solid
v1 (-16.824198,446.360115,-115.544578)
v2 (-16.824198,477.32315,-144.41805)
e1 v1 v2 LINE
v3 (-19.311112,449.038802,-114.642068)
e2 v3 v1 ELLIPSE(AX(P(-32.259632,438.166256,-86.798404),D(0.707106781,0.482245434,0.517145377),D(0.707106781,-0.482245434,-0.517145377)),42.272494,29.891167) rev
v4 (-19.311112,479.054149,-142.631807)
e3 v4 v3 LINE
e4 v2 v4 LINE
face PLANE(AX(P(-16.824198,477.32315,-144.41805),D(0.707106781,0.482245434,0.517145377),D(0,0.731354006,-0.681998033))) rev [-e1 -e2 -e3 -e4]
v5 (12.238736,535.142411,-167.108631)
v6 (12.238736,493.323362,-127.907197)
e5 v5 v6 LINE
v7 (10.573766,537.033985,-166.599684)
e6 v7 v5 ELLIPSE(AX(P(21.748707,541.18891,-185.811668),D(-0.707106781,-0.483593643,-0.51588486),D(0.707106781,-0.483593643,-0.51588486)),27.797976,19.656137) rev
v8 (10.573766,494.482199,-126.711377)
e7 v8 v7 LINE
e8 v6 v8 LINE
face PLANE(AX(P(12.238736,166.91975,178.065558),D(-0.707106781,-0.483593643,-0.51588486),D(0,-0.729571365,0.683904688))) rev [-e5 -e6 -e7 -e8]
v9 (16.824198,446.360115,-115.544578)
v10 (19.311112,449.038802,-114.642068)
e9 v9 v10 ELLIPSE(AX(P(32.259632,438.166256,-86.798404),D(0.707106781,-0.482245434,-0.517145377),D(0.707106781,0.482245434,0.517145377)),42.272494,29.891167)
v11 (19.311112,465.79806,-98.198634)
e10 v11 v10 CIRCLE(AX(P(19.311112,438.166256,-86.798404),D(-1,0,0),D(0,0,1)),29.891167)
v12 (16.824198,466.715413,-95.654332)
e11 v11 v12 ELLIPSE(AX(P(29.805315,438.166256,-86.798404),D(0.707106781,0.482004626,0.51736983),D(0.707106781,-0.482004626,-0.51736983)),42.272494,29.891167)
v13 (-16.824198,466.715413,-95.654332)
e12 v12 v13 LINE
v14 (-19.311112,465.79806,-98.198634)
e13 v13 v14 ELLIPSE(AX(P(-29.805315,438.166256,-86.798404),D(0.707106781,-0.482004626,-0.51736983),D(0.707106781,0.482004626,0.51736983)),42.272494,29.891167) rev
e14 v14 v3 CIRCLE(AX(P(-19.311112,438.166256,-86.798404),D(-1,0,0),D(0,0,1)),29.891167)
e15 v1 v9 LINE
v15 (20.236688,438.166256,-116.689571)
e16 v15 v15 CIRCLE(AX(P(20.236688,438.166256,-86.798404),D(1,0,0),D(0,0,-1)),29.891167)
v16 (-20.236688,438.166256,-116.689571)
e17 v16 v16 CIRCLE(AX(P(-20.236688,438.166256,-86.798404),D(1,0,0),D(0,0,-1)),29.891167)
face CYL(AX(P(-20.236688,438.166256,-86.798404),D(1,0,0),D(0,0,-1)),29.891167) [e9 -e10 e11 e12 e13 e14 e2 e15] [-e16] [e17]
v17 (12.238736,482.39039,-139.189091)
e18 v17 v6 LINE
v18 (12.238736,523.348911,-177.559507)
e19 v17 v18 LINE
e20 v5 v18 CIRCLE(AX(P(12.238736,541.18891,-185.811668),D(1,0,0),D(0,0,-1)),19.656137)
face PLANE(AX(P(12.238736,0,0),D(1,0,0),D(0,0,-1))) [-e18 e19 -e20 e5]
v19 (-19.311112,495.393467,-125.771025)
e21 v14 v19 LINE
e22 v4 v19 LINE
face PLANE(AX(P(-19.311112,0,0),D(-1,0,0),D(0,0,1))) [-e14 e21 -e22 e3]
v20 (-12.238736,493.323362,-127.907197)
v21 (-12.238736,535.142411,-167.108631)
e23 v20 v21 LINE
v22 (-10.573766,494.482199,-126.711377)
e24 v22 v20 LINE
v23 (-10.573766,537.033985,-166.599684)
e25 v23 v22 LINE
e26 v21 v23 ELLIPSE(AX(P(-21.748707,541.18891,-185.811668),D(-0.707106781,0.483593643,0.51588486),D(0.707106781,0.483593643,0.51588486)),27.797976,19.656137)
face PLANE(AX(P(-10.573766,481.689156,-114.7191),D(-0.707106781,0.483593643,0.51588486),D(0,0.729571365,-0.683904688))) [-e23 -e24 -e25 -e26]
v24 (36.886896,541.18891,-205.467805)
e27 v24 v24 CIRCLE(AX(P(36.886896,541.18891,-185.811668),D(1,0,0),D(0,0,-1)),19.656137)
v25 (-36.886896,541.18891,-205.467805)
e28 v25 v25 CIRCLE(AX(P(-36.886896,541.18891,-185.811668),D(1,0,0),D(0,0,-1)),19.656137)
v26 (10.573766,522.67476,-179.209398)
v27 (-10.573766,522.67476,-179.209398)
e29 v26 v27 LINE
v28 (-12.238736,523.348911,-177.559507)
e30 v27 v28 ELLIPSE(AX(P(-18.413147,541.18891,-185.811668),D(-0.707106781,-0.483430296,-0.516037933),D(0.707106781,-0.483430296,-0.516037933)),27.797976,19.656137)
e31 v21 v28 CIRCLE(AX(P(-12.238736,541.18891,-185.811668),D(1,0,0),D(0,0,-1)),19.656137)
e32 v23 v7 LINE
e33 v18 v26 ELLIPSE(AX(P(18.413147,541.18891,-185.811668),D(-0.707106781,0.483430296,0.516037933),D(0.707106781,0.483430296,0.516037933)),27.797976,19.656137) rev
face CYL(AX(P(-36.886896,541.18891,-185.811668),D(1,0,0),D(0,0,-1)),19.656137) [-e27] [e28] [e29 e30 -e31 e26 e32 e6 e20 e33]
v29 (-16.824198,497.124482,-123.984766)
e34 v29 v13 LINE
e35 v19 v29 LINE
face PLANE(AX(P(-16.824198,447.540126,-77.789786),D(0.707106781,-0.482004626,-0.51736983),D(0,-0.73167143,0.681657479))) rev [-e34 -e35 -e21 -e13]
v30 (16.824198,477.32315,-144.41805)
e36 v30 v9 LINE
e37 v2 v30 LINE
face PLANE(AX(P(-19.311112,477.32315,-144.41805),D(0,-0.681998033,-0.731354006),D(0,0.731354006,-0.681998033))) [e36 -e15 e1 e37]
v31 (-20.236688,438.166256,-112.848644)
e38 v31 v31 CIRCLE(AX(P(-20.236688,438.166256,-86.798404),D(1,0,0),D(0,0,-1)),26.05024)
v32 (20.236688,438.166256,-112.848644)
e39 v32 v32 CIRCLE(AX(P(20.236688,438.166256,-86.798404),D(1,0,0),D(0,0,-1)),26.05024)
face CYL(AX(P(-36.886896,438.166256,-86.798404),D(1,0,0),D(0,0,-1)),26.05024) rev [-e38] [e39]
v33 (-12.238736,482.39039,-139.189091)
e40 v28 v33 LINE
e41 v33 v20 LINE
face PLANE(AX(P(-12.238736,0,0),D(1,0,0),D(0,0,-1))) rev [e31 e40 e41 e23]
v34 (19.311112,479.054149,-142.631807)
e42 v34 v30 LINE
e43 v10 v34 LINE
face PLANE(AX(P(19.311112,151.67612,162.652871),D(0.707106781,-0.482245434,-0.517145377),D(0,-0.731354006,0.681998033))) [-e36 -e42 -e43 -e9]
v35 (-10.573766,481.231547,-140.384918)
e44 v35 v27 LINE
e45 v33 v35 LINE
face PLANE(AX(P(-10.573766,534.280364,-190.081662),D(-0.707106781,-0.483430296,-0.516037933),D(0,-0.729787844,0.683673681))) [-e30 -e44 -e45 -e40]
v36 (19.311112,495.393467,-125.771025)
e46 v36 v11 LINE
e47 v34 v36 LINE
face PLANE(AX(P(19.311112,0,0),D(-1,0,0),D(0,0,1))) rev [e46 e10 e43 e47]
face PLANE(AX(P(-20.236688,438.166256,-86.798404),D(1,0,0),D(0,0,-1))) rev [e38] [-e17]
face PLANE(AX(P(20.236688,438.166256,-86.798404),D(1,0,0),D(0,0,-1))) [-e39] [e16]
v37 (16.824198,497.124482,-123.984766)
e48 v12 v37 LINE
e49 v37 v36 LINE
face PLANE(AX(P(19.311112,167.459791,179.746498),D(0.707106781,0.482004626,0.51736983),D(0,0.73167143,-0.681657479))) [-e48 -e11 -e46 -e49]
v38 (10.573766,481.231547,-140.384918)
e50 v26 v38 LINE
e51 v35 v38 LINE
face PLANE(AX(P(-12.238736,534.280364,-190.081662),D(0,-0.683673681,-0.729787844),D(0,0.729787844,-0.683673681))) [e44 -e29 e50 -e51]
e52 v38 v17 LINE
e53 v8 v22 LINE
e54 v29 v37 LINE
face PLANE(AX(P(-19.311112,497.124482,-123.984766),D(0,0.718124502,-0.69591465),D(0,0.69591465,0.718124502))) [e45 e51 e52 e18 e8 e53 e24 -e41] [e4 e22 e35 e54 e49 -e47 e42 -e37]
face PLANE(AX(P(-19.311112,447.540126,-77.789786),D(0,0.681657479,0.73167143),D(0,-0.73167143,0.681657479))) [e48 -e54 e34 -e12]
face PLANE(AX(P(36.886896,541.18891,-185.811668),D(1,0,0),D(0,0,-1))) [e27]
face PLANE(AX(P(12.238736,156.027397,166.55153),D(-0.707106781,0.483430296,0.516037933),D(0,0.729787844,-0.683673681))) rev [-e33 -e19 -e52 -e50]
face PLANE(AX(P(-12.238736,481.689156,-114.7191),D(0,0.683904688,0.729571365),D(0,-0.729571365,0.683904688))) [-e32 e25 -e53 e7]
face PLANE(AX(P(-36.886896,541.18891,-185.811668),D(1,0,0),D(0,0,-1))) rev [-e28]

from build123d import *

# Parameters (mm, degrees)
BOSS_EXTRUDE1_DEPTH      = 12.238736
BOSS_EXTRUDE1_DEPTH_BACK = 12.238736
BOSS_EXTRUDE2_DEPTH      = 19.311112
BOSS_EXTRUDE2_DEPTH_BACK = 19.311112
BOSS_EXTRUDE3_DEPTH      = 20.236688
BOSS_EXTRUDE3_DEPTH_BACK = 20.236688
SKETCH3_R                = 29.891166833
BOSS_EXTRUDE4_DEPTH      = 36.886896
BOSS_EXTRUDE4_DEPTH_BACK = 36.886896
SKETCH4_R                = 19.656137362
SKETCH5_R                = 26.05024
CUT_EXTRUDE1_DEPTH       = 601.022741268
CHAMFER1_SIZE            = 1.66497
CHAMFER2_SIZE            = 2.486914


with BuildPart() as part:
    # Sketch1 → Boss-Extrude1 (new, two sides: drawn at the far end of the back side and taken through both)
    with BuildSketch(Plane(origin=(0, 0, 0), x_dir=(0, 0, -1), z_dir=(1, 0, 0)).offset(-BOSS_EXTRUDE1_DEPTH_BACK)):
        Polygon((177.038508, 548.169846), (190.081662, 534.280364), (128.192022, 468.216234), (114.7191, 481.689156), align=None)
    extrude(amount=BOSS_EXTRUDE1_DEPTH + BOSS_EXTRUDE1_DEPTH_BACK)

    # Sketch2 → Boss-Extrude2 (add, two sides: drawn at the far end of the back side and taken through both)
    with BuildSketch(Plane(origin=(0, 0, 0), x_dir=(0, 0, -1), z_dir=(1, 0, 0)).offset(-BOSS_EXTRUDE2_DEPTH_BACK)):
        Polygon((123.984766, 497.124482), (144.41805, 477.32315), (97.590864, 427.107096), (77.789786, 447.540126), align=None)
    extrude(amount=BOSS_EXTRUDE2_DEPTH + BOSS_EXTRUDE2_DEPTH_BACK)

    # Sketch3 → Boss-Extrude3 (add, two sides: drawn at the far end of the back side and taken through both)
    with BuildSketch(Plane(origin=(0, 0, 0), x_dir=(0, 0, -1), z_dir=(1, 0, 0)).offset(-BOSS_EXTRUDE3_DEPTH_BACK)):
        with Locations((86.798404, 438.166256)):
            Circle(SKETCH3_R)
    extrude(amount=BOSS_EXTRUDE3_DEPTH + BOSS_EXTRUDE3_DEPTH_BACK)

    # Sketch4 → Boss-Extrude4 (add, two sides: drawn at the far end of the back side and taken through both)
    with BuildSketch(Plane(origin=(0, 0, 0), x_dir=(0, 0, -1), z_dir=(1, 0, 0)).offset(-BOSS_EXTRUDE4_DEPTH_BACK)):
        with Locations((185.811668, 541.18891)):
            Circle(SKETCH4_R)
    extrude(amount=BOSS_EXTRUDE4_DEPTH + BOSS_EXTRUDE4_DEPTH_BACK)

    # Sketch5 → Cut-Extrude1 (cut, through all)
    with BuildSketch(Plane(origin=(20.236688, 0, 0), x_dir=(0, 0, -1), z_dir=(1, 0, 0))):
        with Locations((86.798404, 438.166256)):
            Circle(SKETCH5_R)
    extrude(amount=-CUT_EXTRUDE1_DEPTH, mode=Mode.SUBTRACT)

    # Chamfer1
    chamfer1_edges = [part.edges().sort_by_distance(p)[0] for p in [
        (12.238736, 501.953153429, -159.79715777),
        (-12.238736, 501.953153429, -159.79715777),
        (12.238736, 515.758092022, -146.655530324),
        (-12.238736, 515.758092022, -146.655530324),
    ]]
    chamfer(chamfer1_edges, length=CHAMFER1_SIZE)

    # Chamfer2
    chamfer2_edges = [part.edges().sort_by_distance(p)[0] for p in [
        (-19.311112, 481.919947716, -109.819549109),
        (19.311112, 481.919947716, -109.819549109),
        (19.311112, 461.841632324, -129.981314135),
        (-19.311112, 461.841632324, -129.981314135),
    ]]
    chamfer(chamfer2_edges, length=CHAMFER2_SIZE)


solid = part.part
